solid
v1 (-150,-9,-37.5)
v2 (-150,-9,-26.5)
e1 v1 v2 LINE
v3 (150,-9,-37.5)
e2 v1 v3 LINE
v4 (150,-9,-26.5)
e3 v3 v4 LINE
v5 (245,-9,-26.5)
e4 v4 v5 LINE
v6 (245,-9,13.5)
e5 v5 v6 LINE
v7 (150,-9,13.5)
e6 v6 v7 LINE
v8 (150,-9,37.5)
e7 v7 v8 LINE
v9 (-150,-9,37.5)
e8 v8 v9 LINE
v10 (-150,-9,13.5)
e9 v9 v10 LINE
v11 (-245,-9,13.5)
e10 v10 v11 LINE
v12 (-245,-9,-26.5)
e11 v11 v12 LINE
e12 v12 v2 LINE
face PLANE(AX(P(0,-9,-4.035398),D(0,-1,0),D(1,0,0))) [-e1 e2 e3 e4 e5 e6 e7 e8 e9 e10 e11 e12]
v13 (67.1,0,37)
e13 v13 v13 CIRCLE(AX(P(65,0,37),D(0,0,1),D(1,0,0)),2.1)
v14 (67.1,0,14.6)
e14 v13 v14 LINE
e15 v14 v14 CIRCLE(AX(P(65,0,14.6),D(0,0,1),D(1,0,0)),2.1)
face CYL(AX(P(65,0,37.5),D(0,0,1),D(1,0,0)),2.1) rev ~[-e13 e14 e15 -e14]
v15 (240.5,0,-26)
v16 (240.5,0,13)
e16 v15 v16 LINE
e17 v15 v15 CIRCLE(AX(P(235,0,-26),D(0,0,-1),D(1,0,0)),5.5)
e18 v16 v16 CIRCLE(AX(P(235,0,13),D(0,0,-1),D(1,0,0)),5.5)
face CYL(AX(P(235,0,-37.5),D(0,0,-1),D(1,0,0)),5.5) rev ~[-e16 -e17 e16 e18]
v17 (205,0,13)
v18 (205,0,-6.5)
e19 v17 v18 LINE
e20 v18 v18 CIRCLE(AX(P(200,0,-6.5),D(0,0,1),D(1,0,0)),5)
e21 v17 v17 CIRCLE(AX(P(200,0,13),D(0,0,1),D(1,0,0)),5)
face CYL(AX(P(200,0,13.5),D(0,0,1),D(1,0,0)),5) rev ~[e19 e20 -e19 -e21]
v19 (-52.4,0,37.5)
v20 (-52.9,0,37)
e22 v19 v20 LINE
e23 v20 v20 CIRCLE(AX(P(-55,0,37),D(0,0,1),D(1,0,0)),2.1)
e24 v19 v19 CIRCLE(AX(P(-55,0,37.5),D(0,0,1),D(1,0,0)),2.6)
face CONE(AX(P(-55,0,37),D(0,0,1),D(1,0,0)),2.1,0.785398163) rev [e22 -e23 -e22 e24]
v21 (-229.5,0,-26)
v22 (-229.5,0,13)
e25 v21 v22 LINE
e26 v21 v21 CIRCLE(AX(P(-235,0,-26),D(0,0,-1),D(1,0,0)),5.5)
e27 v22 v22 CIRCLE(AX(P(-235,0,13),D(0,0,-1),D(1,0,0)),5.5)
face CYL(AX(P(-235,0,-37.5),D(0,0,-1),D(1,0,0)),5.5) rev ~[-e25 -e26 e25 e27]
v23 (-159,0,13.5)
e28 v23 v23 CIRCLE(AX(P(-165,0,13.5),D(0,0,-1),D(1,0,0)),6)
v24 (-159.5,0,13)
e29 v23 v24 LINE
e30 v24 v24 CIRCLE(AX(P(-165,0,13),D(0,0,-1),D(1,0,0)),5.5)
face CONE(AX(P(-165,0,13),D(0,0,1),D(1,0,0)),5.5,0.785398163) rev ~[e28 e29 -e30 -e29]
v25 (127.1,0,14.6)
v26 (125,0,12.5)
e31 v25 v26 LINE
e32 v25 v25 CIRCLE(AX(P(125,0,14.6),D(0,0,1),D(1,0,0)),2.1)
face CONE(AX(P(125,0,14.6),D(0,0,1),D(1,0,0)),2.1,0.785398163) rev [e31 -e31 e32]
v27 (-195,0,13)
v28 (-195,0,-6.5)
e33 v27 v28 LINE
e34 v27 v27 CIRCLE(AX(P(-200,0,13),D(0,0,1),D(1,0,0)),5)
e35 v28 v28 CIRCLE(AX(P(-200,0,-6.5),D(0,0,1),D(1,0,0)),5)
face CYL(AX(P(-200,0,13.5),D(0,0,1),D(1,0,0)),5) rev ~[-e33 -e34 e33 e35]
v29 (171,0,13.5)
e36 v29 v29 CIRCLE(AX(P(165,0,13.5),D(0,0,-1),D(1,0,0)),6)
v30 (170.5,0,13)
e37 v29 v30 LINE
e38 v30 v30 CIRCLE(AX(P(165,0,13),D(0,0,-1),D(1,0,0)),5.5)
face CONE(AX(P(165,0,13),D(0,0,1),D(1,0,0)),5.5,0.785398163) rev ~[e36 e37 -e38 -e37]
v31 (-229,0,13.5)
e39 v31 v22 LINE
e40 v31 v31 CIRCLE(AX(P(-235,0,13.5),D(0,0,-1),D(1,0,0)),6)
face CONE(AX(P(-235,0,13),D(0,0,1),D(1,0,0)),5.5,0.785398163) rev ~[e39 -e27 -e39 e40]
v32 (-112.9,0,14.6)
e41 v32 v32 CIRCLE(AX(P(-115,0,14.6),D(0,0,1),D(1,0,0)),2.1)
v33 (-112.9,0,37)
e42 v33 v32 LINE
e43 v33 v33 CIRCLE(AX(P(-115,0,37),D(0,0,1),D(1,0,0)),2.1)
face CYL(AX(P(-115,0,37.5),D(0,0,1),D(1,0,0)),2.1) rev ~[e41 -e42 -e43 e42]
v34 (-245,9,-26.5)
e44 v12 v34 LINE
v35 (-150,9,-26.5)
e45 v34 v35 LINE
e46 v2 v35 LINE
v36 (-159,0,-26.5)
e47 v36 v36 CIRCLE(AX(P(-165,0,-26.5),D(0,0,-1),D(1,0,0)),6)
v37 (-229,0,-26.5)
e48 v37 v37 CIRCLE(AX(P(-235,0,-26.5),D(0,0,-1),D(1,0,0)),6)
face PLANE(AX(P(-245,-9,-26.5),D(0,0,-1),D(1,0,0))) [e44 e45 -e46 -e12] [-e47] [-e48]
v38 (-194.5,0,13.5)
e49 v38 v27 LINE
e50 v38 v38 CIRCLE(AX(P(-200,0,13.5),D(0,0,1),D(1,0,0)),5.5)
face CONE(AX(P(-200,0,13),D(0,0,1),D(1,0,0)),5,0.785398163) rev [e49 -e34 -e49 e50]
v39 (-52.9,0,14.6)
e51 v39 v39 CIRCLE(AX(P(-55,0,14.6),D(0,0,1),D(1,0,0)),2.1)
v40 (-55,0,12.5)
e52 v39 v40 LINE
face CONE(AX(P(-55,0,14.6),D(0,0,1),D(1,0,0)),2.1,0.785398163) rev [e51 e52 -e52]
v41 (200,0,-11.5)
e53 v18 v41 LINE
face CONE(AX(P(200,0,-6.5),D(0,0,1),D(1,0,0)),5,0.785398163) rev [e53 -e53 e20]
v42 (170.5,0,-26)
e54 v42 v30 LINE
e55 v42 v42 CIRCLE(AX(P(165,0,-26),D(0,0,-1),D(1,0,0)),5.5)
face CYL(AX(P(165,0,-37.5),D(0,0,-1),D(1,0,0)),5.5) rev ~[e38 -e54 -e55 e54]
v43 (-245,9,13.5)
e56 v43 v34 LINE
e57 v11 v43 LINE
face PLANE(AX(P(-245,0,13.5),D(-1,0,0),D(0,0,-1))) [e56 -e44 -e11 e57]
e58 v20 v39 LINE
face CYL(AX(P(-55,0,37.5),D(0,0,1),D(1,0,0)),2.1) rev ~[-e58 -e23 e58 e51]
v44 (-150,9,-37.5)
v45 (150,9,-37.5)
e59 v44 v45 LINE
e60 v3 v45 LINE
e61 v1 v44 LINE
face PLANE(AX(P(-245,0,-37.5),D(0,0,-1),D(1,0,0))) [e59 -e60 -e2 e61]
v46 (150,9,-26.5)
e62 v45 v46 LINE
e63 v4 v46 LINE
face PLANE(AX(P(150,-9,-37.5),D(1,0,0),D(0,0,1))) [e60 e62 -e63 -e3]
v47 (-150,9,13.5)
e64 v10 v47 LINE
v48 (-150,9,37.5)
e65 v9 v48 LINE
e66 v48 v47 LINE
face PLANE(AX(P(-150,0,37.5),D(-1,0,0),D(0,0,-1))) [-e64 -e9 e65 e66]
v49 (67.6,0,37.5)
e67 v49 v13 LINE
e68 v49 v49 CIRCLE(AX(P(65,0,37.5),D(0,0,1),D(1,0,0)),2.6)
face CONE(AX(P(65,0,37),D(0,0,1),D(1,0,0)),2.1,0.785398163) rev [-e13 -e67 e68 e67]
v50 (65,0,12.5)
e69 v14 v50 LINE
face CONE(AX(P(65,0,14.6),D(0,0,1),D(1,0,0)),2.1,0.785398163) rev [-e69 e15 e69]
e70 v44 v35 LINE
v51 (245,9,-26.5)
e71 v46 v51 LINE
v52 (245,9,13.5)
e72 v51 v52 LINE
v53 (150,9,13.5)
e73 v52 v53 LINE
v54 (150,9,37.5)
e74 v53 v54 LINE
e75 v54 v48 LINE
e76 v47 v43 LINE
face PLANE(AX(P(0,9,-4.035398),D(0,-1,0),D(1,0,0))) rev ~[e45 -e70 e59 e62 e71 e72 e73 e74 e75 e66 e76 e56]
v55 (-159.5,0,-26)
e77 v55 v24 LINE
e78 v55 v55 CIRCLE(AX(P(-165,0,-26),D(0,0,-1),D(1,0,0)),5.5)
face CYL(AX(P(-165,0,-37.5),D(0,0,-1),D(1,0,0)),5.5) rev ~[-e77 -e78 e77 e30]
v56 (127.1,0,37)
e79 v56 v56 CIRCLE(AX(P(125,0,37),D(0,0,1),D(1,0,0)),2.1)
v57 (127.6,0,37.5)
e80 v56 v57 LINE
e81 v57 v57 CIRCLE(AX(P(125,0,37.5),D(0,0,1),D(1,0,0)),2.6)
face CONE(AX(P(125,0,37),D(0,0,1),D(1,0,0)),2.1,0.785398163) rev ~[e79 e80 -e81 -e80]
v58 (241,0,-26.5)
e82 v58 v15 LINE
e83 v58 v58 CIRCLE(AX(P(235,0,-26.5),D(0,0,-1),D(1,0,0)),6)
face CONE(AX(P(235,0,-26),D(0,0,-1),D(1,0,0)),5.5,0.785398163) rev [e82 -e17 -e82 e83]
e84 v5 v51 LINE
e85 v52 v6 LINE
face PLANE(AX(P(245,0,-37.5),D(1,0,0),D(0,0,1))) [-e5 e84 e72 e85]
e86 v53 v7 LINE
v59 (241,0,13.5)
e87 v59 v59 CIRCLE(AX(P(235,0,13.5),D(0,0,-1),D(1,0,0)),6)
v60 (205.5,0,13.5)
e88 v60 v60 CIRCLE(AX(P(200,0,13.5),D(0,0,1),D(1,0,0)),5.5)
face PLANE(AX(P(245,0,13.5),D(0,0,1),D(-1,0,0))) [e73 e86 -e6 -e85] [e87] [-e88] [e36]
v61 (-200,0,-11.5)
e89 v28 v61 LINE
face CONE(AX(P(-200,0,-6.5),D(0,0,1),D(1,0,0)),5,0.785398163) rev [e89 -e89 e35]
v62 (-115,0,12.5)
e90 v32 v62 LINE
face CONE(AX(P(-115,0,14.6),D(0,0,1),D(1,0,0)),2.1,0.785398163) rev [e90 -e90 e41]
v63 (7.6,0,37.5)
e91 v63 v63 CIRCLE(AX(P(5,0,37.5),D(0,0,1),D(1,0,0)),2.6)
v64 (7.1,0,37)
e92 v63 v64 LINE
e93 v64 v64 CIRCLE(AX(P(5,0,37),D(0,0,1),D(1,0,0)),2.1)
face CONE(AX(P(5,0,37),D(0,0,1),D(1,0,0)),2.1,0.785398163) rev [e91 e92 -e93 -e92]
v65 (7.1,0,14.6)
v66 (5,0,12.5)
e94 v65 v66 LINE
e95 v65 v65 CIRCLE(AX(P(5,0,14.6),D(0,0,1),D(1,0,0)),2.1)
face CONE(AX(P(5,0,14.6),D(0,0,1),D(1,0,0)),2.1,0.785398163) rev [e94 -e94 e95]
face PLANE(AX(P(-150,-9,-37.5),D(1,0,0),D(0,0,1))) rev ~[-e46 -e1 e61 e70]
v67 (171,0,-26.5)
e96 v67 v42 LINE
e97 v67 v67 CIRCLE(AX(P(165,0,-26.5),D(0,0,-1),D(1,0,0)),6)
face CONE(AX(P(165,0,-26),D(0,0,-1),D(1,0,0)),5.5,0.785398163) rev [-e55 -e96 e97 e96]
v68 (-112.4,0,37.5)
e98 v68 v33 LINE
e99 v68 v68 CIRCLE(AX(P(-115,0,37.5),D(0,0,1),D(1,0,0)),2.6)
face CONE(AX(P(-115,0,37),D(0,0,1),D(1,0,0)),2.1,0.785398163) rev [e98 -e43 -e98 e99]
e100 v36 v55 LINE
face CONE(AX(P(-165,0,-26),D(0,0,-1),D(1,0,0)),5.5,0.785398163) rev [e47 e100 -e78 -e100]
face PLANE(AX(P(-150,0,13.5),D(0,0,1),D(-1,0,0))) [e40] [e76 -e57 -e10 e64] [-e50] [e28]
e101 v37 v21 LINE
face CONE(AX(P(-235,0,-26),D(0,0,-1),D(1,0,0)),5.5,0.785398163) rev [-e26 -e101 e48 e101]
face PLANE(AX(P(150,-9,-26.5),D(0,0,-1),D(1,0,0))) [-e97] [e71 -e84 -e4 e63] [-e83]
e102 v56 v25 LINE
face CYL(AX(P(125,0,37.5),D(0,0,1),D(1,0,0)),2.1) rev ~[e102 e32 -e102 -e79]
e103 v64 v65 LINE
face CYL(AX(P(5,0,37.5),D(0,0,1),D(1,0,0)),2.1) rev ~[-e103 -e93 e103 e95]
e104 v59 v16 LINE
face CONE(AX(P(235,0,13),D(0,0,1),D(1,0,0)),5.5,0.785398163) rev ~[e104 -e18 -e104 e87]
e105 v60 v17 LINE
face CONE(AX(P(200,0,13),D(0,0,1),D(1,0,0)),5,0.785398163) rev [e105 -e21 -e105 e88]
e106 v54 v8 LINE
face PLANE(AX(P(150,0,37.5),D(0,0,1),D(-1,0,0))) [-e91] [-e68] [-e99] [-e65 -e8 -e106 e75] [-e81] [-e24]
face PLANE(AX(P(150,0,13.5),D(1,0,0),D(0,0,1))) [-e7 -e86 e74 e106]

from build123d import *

# Parameters (mm, degrees)
F1_DEPTH = 9
F2_R     = 5.5
F3_DEPTH = 51
F4_R     = 2.1
F5_DEPTH = 25
F6_R     = 5
F7_DEPTH = 25
F8_W     = 95
F8_H     = 11
F9_DEPTH = 25
F10_SIZE = 5
F11_SIZE = 2.1
F12_SIZE = 0.5


with BuildPart() as f1:
    # F0 (on Front) → F1 (new body, symmetric)
    with BuildSketch(Plane.XZ):
        Polygon((-245, 13.5), (-245, -37.5), (245, -37.5), (245, 13.5), (150, 13.5), (150, 37.5), (-150, 37.5), (-150, 13.5), align=None)
    extrude(amount=F1_DEPTH, both=True)

    # F2 (on face) → F3 (cut, through all)
    with BuildSketch(Plane(origin=(0, 0, -37.5), x_dir=(1, 0, 0), z_dir=(0, 0, -1))):
        with Locations((235, 0)):
            Circle(F2_R)
        with Locations((165, 0)):
            Circle(F2_R)
        with Locations((-165, 0)):
            Circle(F2_R)
        with Locations((-235, 0)):
            Circle(F2_R)
    extrude(amount=-F3_DEPTH, mode=Mode.SUBTRACT)

    # F4 (on face) → F5 (cut)
    with BuildSketch(Plane.XY.offset(37.5)):
        with Locations((-115, 0)):
            Circle(F4_R)
        with Locations((-55, 0)):
            Circle(F4_R)
        with Locations((5, 0)):
            Circle(F4_R)
        with Locations((65, 0)):
            Circle(F4_R)
        with Locations((125, 0)):
            Circle(F4_R)
    extrude(amount=-F5_DEPTH, mode=Mode.SUBTRACT)

    # F6 (on face) → F7 (cut)
    with BuildSketch(Plane.XY.offset(13.5)):
        with Locations((-200, 0)):
            Circle(F6_R)
        with Locations((200, 0)):
            Circle(F6_R)
    extrude(amount=-F7_DEPTH, mode=Mode.SUBTRACT)

    # F8 (on face) → F9 (cut)
    with BuildSketch(Plane.XZ.offset(9)):
        with Locations((-197.5, -32)):
            Rectangle(F8_W, F8_H)
        with Locations((197.5, -32)):
            Rectangle(F8_W, F8_H)
    extrude(amount=-F9_DEPTH, mode=Mode.SUBTRACT)

    # F10
    f10_edges = [f1.edges().sort_by_distance(p)[0] for p in [
        (-205, 0, -11.5),
        (195, 0, -11.5),
    ]]
    chamfer(f10_edges, length=F10_SIZE)

    # F11
    f11_edges = [f1.edges().sort_by_distance(p)[0] for p in [
        (122.9, 0, 12.5),
        (62.9, 0, 12.5),
        (2.9, 0, 12.5),
        (-57.1, 0, 12.5),
        (-117.1, 0, 12.5),
    ]]
    chamfer(f11_edges, length=F11_SIZE)

    # F12
    f12_edges = [f1.edges().sort_by_distance(p)[0] for p in [
        (-170.5, 0, -26.5),
        (-159.5, 0, -6.5),
        (-170.5, 0, 13.5),
        (-240.5, 0, -26.5),
        (-229.5, 0, -6.5),
        (-240.5, 0, 13.5),
        (-205, 0, 13.5),
        (-117.1, 0, 37.5),
        (-57.1, 0, 37.5),
        (2.9, 0, 37.5),
        (62.9, 0, 37.5),
        (122.9, 0, 37.5),
        (159.5, 0, -26.5),
        (170.5, 0, -6.5),
        (159.5, 0, 13.5),
        (229.5, 0, -26.5),
        (240.5, 0, -6.5),
        (229.5, 0, 13.5),
        (195, 0, 13.5),
    ]]
    chamfer(f12_edges, length=F12_SIZE)


solid = f1.part
